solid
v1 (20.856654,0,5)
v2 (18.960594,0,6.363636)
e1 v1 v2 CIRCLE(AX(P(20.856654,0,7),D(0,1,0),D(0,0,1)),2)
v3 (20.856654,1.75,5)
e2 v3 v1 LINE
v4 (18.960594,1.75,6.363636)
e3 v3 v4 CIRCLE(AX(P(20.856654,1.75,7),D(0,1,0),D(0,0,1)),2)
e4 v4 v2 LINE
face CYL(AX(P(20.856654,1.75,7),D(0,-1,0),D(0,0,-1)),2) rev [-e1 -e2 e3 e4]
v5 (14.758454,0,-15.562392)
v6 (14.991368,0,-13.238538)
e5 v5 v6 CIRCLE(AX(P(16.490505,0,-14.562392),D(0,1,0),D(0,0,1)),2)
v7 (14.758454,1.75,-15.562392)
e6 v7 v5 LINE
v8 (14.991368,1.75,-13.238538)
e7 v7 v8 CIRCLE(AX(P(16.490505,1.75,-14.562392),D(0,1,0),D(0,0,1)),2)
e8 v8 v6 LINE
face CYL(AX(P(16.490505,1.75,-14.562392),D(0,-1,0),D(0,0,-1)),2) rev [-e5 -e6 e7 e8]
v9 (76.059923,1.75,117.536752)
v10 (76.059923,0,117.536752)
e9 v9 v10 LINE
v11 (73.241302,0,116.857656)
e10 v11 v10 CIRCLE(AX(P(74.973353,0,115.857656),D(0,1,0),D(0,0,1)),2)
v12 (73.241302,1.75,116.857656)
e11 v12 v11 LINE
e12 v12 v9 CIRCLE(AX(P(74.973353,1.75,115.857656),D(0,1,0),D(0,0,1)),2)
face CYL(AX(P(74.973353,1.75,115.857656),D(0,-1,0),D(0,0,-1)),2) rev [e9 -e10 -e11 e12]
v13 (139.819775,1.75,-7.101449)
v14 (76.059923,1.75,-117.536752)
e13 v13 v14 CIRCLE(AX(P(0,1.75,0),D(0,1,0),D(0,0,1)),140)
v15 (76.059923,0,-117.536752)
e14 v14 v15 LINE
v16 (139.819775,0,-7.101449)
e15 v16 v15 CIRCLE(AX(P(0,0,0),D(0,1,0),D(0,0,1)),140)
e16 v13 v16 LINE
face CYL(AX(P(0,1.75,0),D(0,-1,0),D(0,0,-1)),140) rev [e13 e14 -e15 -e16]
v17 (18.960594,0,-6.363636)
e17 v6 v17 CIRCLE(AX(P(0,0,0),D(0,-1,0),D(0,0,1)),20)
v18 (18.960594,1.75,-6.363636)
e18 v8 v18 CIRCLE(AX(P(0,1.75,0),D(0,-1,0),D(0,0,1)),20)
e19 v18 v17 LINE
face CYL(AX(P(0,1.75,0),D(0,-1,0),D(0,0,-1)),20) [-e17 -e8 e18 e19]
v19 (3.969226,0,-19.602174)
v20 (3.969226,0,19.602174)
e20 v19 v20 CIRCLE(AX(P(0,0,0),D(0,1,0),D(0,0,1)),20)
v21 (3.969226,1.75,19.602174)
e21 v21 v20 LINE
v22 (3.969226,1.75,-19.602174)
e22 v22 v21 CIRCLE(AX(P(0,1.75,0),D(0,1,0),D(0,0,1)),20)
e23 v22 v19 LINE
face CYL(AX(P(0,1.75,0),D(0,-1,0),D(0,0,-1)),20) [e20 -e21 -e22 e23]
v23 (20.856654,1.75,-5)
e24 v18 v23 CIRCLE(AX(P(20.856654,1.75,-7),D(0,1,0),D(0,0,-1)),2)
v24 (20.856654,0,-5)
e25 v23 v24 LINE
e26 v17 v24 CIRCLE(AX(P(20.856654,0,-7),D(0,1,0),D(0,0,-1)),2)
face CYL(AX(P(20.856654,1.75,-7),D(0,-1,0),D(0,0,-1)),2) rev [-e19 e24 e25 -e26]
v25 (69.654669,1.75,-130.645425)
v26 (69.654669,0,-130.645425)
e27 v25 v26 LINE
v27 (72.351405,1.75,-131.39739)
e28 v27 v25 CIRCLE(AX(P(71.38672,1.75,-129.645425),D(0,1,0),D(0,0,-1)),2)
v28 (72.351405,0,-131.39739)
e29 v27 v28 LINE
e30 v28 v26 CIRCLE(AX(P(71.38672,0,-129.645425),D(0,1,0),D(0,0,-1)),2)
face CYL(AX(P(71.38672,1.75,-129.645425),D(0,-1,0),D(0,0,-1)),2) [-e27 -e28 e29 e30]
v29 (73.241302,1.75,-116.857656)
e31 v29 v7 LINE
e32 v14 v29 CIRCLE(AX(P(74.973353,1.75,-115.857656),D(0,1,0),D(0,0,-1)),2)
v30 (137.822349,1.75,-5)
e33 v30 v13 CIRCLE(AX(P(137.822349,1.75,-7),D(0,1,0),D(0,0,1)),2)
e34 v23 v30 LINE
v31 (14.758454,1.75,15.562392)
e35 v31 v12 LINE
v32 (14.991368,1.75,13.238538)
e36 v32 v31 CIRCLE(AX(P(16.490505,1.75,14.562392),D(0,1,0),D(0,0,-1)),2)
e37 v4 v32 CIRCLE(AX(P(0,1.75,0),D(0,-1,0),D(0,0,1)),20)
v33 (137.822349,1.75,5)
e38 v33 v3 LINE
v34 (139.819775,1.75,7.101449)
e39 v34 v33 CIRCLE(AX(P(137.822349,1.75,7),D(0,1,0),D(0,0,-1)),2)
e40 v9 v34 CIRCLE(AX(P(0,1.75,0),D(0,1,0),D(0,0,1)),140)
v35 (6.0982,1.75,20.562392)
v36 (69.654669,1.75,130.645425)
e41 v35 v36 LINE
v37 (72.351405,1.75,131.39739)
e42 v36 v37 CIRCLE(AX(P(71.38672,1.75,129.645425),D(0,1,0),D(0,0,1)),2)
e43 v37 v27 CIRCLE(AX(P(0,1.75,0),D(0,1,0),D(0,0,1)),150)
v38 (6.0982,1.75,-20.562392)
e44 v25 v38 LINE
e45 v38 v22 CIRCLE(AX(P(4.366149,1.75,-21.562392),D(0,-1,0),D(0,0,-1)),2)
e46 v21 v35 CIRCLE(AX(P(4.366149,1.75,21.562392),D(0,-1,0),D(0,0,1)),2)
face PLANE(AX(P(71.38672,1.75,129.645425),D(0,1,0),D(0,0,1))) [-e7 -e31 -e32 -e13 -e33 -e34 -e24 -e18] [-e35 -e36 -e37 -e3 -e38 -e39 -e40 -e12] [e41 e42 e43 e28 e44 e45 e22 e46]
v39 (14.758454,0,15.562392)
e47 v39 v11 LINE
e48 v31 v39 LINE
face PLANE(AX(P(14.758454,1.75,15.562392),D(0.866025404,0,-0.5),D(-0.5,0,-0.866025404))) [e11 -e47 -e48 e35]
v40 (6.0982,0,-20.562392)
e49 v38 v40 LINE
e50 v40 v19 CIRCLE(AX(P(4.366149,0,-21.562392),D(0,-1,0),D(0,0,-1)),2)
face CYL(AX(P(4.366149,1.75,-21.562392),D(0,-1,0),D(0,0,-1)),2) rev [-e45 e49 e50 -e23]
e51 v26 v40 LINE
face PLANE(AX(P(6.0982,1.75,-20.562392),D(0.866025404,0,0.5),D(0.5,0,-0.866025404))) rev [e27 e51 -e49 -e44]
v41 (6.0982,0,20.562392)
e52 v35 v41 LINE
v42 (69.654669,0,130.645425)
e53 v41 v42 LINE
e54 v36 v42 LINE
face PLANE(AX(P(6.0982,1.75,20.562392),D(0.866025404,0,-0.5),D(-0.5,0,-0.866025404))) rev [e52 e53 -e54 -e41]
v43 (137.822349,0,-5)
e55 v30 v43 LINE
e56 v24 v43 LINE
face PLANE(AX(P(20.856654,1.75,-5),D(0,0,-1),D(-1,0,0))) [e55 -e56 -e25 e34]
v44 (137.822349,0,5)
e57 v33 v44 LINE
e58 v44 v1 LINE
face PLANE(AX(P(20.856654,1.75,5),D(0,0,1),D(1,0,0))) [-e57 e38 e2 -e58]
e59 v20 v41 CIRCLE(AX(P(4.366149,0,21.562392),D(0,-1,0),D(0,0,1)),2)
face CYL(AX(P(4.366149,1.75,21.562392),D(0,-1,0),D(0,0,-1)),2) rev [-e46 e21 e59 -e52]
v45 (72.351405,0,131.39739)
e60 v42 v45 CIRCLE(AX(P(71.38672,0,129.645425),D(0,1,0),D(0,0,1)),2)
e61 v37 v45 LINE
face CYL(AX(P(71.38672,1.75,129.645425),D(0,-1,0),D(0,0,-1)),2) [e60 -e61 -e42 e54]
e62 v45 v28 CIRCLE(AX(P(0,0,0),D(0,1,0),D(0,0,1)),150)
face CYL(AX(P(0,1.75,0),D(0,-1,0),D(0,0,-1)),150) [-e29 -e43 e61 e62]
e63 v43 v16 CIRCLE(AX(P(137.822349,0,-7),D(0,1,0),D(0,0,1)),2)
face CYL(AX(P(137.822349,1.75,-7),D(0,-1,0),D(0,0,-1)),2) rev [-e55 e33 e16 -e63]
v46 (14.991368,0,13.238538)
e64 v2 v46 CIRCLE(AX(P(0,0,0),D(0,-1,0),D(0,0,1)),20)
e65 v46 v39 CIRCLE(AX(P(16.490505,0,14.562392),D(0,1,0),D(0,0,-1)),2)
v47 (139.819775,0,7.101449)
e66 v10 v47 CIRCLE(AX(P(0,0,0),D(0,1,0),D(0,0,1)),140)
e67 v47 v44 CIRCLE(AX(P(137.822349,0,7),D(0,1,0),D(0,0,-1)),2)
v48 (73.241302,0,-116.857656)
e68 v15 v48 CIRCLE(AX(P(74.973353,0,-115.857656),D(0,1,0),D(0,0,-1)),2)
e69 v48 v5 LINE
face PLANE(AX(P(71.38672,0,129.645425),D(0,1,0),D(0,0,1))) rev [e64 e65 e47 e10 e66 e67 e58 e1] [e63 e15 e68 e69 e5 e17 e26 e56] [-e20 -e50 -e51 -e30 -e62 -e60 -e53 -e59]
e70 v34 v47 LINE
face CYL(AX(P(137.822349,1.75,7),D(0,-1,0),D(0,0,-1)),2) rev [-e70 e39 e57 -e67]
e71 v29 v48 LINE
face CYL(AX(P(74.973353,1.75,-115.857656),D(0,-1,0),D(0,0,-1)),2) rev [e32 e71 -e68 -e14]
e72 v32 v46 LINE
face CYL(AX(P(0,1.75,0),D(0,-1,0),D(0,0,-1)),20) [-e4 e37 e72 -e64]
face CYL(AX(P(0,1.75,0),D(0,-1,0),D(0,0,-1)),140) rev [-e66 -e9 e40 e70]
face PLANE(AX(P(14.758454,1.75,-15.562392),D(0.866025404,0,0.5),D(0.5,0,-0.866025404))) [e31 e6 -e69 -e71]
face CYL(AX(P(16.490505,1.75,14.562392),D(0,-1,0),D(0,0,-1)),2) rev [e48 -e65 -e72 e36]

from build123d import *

# Parameters (mm, degrees)
BOSS_EXTRUDE1_DEPTH = 1.75


with BuildPart() as part:
    # Sketch1 → Boss-Extrude1 (new body)
    with BuildSketch(Plane(origin=(0, 0, 0), x_dir=(1, 0, 0), z_dir=(0, 1, 0))):
        with BuildLine():
            Line((6.098199788, 20.562391868), (69.654668716, 130.645425201))
            ThreePointArc((69.654668716, 130.645425201), (70.84952744, 131.571931019), (72.351404923, 131.397390407))
            ThreePointArc((72.351404923, 131.397390407), (150, 0), (72.351404923, -131.397390407))
            ThreePointArc((72.351404923, -131.397390407), (70.84952744, -131.571931019), (69.654668716, -130.645425201))
            Line((69.654668716, -130.645425201), (6.098199788, -20.562391868))
            ThreePointArc((6.098199788, -20.562391868), (5.188430073, -19.739247934), (3.969226346, -19.602174426))
            ThreePointArc((3.969226346, -19.602174426), (-20, 0), (3.969226346, 19.602174426))
            ThreePointArc((3.969226346, 19.602174426), (5.188430073, 19.739247934), (6.098199788, 20.562391868))
        make_face()
        with BuildLine():
            Line((20.856653615, 5), (137.822349421, 5))
            ThreePointArc((137.822349421, 5), (139.271987057, 5.622120933), (139.819774775, 7.101449275))
            ThreePointArc((139.819774775, 7.101449275), (121.24355653, 70), (76.059922864, 117.536752269))
            ThreePointArc((76.059922864, 117.536752269), (74.504893079, 117.802018361), (73.24130173, 116.857655808))
            Line((73.24130173, 116.857655808), (14.758453826, 15.562391868))
            ThreePointArc((14.758453826, 15.562391868), (14.500475126, 14.362936215), (14.991367849, 13.238538062))
            ThreePointArc((14.991367849, 13.238538062), (17.320508076, 10), (18.960594195, 6.363636364))
            ThreePointArc((18.960594195, 6.363636364), (19.688905198, 5.376311718), (20.856653615, 5))
        make_face(mode=Mode.SUBTRACT)
        with BuildLine():
            Line((20.856653615, -5), (137.822349421, -5))
            ThreePointArc((137.822349421, -5), (139.271987057, -5.622120933), (139.819774775, -7.101449275))
            ThreePointArc((139.819774775, -7.101449275), (121.24355653, -70), (76.059922864, -117.536752269))
            ThreePointArc((76.059922864, -117.536752269), (74.504893079, -117.802018361), (73.24130173, -116.857655808))
            Line((73.24130173, -116.857655808), (14.758453826, -15.562391868))
            ThreePointArc((14.758453826, -15.562391868), (14.500475126, -14.362936215), (14.991367849, -13.238538062))
            ThreePointArc((14.991367849, -13.238538062), (17.320508076, -10), (18.960594195, -6.363636364))
            ThreePointArc((18.960594195, -6.363636364), (19.688905198, -5.376311718), (20.856653615, -5))
        make_face(mode=Mode.SUBTRACT)
    extrude(amount=BOSS_EXTRUDE1_DEPTH)


solid = part.part
